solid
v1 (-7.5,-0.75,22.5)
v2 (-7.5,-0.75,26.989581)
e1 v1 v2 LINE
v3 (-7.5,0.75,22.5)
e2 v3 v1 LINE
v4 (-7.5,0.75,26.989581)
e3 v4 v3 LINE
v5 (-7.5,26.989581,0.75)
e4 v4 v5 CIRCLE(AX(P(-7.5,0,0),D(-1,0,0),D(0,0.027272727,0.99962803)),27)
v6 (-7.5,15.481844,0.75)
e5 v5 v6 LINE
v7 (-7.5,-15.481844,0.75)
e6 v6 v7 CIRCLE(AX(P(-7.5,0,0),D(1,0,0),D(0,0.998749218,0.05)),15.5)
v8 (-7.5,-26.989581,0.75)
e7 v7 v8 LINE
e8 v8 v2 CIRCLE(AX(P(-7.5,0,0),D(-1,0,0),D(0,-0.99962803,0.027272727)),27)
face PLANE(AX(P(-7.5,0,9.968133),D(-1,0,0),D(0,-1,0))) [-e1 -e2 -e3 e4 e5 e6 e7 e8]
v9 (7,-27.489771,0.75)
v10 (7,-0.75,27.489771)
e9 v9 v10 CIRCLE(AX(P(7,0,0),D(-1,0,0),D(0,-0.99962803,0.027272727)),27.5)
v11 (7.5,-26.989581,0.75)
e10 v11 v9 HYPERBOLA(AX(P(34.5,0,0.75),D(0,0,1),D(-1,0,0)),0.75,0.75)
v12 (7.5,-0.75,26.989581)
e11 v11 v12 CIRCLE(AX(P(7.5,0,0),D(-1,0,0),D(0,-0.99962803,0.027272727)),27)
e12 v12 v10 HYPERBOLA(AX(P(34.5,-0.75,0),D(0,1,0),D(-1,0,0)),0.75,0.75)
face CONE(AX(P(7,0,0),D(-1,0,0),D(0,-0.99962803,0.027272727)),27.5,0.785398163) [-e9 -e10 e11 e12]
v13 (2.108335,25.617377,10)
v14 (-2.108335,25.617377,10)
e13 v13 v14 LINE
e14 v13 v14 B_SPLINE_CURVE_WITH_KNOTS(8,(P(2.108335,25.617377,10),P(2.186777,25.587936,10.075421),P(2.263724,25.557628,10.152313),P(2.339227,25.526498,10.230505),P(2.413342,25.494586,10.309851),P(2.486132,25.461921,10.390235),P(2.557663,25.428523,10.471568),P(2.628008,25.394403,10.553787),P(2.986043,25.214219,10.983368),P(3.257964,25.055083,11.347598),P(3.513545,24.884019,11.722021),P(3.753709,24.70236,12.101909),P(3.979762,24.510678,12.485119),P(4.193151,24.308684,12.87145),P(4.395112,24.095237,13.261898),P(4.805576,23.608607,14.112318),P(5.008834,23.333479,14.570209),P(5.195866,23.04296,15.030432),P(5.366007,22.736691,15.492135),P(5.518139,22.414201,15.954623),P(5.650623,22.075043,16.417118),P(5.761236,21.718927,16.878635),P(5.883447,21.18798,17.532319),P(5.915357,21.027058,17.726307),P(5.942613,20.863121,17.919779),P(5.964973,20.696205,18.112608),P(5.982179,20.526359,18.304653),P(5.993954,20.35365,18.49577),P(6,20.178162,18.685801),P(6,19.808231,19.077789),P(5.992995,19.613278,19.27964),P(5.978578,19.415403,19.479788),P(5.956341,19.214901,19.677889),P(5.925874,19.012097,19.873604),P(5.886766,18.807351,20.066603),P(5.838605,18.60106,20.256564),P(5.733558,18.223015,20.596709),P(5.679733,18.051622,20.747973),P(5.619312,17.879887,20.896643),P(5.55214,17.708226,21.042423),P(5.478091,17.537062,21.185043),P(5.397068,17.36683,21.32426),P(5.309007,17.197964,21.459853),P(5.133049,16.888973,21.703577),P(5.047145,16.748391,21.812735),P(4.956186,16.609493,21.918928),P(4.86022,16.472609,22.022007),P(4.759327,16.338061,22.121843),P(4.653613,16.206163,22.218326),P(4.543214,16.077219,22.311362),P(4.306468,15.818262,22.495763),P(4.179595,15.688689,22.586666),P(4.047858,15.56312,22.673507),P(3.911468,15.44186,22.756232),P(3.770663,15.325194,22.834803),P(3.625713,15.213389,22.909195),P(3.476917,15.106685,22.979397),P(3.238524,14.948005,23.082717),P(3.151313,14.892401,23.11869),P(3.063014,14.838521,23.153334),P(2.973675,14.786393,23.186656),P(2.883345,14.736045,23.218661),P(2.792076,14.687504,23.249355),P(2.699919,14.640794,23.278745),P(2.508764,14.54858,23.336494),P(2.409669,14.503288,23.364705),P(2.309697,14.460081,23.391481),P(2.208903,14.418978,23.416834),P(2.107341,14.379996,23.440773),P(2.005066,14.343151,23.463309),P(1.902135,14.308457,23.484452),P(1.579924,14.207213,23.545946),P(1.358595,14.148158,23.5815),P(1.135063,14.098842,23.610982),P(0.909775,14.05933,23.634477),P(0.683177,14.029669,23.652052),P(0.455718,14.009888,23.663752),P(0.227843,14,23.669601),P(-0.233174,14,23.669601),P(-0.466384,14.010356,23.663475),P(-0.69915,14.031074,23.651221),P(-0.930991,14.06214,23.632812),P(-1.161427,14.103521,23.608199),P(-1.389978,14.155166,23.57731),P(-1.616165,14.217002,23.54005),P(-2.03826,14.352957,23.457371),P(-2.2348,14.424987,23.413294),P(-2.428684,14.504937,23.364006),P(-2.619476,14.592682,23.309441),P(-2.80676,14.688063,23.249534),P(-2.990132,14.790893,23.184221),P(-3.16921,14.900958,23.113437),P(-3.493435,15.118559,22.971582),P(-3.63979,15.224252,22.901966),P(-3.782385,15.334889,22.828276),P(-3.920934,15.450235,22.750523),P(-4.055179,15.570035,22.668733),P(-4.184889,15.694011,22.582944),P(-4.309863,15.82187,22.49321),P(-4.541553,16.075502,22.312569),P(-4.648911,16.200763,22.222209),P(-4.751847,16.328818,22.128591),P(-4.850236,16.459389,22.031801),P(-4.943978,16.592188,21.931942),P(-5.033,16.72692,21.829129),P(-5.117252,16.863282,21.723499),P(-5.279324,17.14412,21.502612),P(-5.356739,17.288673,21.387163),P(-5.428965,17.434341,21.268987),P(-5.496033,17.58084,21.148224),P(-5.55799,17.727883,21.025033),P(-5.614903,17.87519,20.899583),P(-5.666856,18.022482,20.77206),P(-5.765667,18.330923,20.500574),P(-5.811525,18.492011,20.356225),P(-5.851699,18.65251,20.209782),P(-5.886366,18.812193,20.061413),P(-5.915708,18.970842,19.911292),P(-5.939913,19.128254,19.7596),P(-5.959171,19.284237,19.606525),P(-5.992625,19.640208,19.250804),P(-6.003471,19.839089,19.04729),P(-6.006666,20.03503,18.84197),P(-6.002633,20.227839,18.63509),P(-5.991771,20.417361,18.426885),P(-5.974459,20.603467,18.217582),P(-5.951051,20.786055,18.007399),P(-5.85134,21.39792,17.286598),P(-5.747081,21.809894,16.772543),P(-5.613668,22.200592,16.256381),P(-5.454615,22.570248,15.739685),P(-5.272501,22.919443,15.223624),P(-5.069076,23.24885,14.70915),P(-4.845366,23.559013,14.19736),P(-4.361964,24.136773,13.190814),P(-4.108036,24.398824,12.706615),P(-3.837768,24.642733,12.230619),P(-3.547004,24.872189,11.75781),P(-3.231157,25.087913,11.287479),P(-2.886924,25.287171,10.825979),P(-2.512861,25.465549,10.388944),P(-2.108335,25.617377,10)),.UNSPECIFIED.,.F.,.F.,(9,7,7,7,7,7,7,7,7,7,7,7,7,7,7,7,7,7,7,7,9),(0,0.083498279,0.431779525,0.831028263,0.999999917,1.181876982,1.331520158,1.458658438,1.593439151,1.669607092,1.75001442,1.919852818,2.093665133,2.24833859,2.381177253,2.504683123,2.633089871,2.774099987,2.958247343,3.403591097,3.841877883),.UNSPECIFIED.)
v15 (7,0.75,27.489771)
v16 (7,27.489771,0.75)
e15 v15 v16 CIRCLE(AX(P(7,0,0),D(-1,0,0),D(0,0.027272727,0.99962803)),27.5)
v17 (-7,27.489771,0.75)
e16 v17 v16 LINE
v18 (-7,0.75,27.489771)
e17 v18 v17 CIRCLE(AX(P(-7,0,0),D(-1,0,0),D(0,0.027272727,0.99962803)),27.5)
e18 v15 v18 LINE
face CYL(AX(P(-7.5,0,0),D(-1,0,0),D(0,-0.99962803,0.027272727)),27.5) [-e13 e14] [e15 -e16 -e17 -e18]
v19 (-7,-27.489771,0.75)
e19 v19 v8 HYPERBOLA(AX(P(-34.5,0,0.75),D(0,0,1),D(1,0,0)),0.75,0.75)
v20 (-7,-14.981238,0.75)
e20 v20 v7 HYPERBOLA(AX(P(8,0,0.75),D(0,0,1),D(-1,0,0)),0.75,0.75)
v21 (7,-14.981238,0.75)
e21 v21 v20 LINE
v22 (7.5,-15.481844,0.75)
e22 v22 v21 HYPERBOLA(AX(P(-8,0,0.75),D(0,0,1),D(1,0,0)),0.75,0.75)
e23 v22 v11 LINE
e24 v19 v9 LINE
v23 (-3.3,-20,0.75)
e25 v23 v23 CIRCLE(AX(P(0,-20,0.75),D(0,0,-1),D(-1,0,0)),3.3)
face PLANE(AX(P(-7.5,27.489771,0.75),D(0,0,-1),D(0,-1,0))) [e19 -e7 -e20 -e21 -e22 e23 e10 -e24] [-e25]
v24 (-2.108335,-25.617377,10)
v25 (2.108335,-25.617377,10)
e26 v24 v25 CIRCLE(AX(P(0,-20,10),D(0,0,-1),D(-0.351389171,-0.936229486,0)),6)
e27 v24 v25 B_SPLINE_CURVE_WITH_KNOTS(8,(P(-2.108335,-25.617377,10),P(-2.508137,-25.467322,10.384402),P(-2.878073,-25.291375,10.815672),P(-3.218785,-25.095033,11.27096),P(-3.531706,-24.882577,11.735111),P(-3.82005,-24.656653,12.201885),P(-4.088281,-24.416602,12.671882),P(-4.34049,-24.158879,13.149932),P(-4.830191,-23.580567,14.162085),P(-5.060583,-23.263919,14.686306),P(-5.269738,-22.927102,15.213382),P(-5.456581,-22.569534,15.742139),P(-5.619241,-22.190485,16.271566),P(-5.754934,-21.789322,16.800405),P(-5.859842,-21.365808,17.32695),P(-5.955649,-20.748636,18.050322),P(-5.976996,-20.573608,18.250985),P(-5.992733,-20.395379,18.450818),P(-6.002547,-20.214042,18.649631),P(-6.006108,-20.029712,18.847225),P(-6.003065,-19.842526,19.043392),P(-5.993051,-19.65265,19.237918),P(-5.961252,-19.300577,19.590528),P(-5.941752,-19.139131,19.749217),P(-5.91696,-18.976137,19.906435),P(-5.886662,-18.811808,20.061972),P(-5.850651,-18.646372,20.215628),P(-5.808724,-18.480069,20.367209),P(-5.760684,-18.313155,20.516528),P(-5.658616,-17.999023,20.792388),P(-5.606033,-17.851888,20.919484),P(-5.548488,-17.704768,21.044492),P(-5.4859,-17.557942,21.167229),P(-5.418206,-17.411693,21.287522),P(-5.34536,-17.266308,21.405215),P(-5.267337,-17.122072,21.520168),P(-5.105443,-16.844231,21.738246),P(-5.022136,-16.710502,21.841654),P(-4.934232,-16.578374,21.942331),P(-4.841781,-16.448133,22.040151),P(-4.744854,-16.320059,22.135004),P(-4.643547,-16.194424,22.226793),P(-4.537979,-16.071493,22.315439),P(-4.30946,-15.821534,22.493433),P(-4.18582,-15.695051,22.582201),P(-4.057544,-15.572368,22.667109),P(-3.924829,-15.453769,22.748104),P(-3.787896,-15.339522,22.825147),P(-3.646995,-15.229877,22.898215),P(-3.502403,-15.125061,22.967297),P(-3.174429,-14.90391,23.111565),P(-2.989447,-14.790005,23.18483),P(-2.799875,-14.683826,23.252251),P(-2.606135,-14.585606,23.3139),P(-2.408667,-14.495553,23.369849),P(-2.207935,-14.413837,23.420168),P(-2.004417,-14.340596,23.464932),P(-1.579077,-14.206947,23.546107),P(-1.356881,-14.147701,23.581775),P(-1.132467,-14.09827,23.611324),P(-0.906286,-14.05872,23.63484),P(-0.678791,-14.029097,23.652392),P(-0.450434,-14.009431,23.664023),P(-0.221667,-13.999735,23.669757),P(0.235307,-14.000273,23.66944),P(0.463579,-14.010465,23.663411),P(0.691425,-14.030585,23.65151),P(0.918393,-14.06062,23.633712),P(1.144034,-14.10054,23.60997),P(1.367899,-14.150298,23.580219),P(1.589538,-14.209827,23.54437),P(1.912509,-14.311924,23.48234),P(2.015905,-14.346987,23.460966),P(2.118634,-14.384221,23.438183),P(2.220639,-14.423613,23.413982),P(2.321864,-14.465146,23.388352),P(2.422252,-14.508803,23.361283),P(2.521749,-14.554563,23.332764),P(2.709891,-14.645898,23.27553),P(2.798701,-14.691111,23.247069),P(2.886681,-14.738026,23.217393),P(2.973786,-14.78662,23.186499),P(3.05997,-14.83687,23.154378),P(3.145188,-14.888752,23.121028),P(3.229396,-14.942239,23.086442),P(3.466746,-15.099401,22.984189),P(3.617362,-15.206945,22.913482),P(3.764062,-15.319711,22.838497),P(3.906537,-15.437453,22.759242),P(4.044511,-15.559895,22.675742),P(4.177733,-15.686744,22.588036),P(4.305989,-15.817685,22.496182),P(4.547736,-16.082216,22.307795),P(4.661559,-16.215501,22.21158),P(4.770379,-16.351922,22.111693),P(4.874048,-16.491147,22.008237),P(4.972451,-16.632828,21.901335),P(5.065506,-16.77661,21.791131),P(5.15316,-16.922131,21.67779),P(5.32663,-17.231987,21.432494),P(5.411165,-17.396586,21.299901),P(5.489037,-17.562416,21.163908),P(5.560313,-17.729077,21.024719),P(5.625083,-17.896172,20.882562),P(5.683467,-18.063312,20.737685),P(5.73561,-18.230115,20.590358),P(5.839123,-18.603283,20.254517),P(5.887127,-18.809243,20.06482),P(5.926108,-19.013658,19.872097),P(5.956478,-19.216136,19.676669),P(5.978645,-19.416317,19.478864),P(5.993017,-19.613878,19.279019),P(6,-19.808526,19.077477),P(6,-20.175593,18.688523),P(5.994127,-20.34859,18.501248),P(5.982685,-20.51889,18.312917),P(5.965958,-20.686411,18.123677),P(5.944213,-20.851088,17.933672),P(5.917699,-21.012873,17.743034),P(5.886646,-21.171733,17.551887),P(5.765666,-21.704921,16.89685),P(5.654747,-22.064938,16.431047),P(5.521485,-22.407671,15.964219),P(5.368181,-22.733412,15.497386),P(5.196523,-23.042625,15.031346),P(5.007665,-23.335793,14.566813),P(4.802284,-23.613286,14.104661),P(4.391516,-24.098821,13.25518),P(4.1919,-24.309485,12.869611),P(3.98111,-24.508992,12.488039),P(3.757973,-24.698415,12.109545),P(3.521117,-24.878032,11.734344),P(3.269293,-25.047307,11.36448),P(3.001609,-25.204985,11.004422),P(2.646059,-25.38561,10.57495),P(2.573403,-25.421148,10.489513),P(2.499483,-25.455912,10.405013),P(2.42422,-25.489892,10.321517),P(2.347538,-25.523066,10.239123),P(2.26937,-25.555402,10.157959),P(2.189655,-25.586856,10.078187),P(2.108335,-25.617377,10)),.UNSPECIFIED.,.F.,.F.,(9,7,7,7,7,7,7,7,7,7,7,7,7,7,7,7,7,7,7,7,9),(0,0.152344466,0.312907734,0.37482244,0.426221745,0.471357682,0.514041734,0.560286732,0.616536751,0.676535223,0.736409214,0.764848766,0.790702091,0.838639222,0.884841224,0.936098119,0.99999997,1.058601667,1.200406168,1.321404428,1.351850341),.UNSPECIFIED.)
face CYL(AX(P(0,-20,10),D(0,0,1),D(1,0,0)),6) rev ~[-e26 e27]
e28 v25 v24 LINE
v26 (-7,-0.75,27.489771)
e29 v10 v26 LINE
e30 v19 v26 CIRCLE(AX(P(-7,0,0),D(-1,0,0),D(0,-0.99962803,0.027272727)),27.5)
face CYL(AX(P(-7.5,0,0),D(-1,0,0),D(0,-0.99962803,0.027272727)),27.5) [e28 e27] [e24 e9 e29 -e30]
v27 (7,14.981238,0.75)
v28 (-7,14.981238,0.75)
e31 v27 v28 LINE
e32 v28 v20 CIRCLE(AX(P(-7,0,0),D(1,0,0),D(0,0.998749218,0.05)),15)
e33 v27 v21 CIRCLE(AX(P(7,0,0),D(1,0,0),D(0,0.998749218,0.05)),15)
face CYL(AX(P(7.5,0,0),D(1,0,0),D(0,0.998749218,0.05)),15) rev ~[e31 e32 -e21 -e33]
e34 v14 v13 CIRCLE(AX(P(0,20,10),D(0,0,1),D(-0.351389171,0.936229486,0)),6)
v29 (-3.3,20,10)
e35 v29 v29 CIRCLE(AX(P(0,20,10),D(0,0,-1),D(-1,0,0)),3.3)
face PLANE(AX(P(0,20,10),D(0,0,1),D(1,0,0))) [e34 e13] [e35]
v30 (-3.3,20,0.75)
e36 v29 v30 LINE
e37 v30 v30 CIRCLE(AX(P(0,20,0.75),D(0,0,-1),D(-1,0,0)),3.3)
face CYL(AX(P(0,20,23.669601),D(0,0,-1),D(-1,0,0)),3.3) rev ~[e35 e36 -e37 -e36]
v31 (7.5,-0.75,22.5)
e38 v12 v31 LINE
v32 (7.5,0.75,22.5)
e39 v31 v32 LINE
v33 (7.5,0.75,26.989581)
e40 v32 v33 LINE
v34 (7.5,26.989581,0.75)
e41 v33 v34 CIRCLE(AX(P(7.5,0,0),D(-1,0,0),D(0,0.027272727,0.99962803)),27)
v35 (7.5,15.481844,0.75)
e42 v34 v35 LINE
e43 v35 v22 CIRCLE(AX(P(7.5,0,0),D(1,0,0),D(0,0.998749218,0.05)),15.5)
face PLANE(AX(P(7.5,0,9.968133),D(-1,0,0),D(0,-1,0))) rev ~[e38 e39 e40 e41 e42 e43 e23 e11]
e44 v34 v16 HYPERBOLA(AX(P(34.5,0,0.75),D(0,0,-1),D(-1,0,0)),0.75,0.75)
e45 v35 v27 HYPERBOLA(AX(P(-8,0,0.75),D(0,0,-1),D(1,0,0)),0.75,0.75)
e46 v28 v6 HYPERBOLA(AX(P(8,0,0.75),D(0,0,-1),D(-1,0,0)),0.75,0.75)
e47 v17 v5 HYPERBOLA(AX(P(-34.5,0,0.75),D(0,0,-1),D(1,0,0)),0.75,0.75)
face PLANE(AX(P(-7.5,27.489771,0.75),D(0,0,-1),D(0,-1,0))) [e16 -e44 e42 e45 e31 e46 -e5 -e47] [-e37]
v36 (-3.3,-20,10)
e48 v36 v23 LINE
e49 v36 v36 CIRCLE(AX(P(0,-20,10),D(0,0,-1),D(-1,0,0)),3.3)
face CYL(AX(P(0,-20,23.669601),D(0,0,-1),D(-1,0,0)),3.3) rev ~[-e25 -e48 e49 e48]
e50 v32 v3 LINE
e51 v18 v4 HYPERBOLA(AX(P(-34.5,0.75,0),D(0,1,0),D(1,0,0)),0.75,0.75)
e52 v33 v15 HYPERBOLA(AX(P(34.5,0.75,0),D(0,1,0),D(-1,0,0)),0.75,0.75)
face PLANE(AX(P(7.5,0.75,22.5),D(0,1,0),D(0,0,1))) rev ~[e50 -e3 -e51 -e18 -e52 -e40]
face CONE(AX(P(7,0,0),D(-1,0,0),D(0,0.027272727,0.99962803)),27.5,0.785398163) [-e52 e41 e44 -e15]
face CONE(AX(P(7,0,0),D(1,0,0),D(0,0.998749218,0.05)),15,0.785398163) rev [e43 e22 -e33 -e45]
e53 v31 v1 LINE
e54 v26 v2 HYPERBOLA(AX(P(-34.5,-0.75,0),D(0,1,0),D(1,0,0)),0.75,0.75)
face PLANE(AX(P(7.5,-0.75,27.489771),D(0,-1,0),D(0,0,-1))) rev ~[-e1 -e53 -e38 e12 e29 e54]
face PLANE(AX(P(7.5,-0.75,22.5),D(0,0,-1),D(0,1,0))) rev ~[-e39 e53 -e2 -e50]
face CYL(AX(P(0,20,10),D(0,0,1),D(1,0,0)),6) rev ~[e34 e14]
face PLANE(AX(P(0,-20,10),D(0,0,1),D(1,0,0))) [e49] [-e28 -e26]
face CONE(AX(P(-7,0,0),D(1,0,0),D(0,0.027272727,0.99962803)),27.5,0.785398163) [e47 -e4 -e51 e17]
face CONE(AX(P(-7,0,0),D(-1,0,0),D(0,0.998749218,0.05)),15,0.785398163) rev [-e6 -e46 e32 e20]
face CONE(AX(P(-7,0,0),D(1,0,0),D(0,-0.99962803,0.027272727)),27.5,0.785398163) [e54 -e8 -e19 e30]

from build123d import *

# Parameters (mm, degrees)
BOSS_EXTRUDE1_DEPTH                     = 15
CUT_EXTRUDE1_DEPTH                      = 42.676582154
CUT_EXTRUDE2_DEPTH                      = 42.669833213
CBORE_FOR_M6_HEX_HEAD_BOLT1_D           = 6.6
CBORE_FOR_M6_HEX_HEAD_BOLT1_CBORE_D     = 12
CBORE_FOR_M6_HEX_HEAD_BOLT1_CBORE_DEPTH = 13.669600757
CHAMFER1_SIZE                           = 0.5


with BuildPart() as part:
    # Sketch1 → Boss-Extrude1 (new body)
    with BuildSketch(Plane(origin=(-7.5, 0, 0), x_dir=(0, -1, 0), z_dir=(-1, 0, 0))):
        with BuildLine():
            Line((-27.489770825, 0.75), (27.489770825, 0.75))
            ThreePointArc((27.489770825, 0.75), (0, 27.5), (-27.489770825, 0.75))
        make_face()
    extrude(amount=-BOSS_EXTRUDE1_DEPTH)

    # Sketch2 → Cut-Extrude1 (cut, through all)
    with BuildSketch(Plane(origin=(7.5, 0, 0), x_dir=(0, 0, -1), z_dir=(1, 0, 0))):
        with BuildLine():
            Line((-27.489770825, -0.75), (-22.5, -0.75))
            Line((-22.5, -0.75), (-22.5, 0.75))
            Line((-22.5, 0.75), (-27.489770825, 0.75))
            ThreePointArc((-27.489770825, 0.75), (-27.5, 0), (-27.489770825, -0.75))
        make_face()
    extrude(amount=-CUT_EXTRUDE1_DEPTH, mode=Mode.SUBTRACT)

    # Sketch3 → Cut-Extrude2 (cut, through all)
    with BuildSketch(Plane(origin=(7.5, 0, 0), x_dir=(0, 0, -1), z_dir=(1, 0, 0))):
        with BuildLine():
            Line((-0.75, -14.981238267), (-0.75, 14.981238267))
            ThreePointArc((-0.75, 14.981238267), (-15, 0), (-0.75, -14.981238267))
        make_face()
    extrude(amount=-CUT_EXTRUDE2_DEPTH, mode=Mode.SUBTRACT)

    # CBORE for M6 Hex Head Bolt1 (through all)
    with Locations(Plane.XY.offset(23.669600757)):
        with Locations((0, -20), (0, 20)):
            CounterBoreHole(CBORE_FOR_M6_HEX_HEAD_BOLT1_D / 2, CBORE_FOR_M6_HEX_HEAD_BOLT1_CBORE_D / 2, CBORE_FOR_M6_HEX_HEAD_BOLT1_CBORE_DEPTH)

    # Chamfer1
    chamfer1_edges = [part.edges().sort_by_distance(p)[0] for p in [
        (7.5, 19.445436483, 19.445436483),
        (-7.5, 0, 15),
        (7.5, 0, 15),
        (-7.5, -19.445436483, 19.445436483),
        (7.5, -19.445436483, 19.445436483),
        (-7.5, 19.445436483, 19.445436483),
    ]]
    chamfer(chamfer1_edges, length=CHAMFER1_SIZE)


solid = part.part
